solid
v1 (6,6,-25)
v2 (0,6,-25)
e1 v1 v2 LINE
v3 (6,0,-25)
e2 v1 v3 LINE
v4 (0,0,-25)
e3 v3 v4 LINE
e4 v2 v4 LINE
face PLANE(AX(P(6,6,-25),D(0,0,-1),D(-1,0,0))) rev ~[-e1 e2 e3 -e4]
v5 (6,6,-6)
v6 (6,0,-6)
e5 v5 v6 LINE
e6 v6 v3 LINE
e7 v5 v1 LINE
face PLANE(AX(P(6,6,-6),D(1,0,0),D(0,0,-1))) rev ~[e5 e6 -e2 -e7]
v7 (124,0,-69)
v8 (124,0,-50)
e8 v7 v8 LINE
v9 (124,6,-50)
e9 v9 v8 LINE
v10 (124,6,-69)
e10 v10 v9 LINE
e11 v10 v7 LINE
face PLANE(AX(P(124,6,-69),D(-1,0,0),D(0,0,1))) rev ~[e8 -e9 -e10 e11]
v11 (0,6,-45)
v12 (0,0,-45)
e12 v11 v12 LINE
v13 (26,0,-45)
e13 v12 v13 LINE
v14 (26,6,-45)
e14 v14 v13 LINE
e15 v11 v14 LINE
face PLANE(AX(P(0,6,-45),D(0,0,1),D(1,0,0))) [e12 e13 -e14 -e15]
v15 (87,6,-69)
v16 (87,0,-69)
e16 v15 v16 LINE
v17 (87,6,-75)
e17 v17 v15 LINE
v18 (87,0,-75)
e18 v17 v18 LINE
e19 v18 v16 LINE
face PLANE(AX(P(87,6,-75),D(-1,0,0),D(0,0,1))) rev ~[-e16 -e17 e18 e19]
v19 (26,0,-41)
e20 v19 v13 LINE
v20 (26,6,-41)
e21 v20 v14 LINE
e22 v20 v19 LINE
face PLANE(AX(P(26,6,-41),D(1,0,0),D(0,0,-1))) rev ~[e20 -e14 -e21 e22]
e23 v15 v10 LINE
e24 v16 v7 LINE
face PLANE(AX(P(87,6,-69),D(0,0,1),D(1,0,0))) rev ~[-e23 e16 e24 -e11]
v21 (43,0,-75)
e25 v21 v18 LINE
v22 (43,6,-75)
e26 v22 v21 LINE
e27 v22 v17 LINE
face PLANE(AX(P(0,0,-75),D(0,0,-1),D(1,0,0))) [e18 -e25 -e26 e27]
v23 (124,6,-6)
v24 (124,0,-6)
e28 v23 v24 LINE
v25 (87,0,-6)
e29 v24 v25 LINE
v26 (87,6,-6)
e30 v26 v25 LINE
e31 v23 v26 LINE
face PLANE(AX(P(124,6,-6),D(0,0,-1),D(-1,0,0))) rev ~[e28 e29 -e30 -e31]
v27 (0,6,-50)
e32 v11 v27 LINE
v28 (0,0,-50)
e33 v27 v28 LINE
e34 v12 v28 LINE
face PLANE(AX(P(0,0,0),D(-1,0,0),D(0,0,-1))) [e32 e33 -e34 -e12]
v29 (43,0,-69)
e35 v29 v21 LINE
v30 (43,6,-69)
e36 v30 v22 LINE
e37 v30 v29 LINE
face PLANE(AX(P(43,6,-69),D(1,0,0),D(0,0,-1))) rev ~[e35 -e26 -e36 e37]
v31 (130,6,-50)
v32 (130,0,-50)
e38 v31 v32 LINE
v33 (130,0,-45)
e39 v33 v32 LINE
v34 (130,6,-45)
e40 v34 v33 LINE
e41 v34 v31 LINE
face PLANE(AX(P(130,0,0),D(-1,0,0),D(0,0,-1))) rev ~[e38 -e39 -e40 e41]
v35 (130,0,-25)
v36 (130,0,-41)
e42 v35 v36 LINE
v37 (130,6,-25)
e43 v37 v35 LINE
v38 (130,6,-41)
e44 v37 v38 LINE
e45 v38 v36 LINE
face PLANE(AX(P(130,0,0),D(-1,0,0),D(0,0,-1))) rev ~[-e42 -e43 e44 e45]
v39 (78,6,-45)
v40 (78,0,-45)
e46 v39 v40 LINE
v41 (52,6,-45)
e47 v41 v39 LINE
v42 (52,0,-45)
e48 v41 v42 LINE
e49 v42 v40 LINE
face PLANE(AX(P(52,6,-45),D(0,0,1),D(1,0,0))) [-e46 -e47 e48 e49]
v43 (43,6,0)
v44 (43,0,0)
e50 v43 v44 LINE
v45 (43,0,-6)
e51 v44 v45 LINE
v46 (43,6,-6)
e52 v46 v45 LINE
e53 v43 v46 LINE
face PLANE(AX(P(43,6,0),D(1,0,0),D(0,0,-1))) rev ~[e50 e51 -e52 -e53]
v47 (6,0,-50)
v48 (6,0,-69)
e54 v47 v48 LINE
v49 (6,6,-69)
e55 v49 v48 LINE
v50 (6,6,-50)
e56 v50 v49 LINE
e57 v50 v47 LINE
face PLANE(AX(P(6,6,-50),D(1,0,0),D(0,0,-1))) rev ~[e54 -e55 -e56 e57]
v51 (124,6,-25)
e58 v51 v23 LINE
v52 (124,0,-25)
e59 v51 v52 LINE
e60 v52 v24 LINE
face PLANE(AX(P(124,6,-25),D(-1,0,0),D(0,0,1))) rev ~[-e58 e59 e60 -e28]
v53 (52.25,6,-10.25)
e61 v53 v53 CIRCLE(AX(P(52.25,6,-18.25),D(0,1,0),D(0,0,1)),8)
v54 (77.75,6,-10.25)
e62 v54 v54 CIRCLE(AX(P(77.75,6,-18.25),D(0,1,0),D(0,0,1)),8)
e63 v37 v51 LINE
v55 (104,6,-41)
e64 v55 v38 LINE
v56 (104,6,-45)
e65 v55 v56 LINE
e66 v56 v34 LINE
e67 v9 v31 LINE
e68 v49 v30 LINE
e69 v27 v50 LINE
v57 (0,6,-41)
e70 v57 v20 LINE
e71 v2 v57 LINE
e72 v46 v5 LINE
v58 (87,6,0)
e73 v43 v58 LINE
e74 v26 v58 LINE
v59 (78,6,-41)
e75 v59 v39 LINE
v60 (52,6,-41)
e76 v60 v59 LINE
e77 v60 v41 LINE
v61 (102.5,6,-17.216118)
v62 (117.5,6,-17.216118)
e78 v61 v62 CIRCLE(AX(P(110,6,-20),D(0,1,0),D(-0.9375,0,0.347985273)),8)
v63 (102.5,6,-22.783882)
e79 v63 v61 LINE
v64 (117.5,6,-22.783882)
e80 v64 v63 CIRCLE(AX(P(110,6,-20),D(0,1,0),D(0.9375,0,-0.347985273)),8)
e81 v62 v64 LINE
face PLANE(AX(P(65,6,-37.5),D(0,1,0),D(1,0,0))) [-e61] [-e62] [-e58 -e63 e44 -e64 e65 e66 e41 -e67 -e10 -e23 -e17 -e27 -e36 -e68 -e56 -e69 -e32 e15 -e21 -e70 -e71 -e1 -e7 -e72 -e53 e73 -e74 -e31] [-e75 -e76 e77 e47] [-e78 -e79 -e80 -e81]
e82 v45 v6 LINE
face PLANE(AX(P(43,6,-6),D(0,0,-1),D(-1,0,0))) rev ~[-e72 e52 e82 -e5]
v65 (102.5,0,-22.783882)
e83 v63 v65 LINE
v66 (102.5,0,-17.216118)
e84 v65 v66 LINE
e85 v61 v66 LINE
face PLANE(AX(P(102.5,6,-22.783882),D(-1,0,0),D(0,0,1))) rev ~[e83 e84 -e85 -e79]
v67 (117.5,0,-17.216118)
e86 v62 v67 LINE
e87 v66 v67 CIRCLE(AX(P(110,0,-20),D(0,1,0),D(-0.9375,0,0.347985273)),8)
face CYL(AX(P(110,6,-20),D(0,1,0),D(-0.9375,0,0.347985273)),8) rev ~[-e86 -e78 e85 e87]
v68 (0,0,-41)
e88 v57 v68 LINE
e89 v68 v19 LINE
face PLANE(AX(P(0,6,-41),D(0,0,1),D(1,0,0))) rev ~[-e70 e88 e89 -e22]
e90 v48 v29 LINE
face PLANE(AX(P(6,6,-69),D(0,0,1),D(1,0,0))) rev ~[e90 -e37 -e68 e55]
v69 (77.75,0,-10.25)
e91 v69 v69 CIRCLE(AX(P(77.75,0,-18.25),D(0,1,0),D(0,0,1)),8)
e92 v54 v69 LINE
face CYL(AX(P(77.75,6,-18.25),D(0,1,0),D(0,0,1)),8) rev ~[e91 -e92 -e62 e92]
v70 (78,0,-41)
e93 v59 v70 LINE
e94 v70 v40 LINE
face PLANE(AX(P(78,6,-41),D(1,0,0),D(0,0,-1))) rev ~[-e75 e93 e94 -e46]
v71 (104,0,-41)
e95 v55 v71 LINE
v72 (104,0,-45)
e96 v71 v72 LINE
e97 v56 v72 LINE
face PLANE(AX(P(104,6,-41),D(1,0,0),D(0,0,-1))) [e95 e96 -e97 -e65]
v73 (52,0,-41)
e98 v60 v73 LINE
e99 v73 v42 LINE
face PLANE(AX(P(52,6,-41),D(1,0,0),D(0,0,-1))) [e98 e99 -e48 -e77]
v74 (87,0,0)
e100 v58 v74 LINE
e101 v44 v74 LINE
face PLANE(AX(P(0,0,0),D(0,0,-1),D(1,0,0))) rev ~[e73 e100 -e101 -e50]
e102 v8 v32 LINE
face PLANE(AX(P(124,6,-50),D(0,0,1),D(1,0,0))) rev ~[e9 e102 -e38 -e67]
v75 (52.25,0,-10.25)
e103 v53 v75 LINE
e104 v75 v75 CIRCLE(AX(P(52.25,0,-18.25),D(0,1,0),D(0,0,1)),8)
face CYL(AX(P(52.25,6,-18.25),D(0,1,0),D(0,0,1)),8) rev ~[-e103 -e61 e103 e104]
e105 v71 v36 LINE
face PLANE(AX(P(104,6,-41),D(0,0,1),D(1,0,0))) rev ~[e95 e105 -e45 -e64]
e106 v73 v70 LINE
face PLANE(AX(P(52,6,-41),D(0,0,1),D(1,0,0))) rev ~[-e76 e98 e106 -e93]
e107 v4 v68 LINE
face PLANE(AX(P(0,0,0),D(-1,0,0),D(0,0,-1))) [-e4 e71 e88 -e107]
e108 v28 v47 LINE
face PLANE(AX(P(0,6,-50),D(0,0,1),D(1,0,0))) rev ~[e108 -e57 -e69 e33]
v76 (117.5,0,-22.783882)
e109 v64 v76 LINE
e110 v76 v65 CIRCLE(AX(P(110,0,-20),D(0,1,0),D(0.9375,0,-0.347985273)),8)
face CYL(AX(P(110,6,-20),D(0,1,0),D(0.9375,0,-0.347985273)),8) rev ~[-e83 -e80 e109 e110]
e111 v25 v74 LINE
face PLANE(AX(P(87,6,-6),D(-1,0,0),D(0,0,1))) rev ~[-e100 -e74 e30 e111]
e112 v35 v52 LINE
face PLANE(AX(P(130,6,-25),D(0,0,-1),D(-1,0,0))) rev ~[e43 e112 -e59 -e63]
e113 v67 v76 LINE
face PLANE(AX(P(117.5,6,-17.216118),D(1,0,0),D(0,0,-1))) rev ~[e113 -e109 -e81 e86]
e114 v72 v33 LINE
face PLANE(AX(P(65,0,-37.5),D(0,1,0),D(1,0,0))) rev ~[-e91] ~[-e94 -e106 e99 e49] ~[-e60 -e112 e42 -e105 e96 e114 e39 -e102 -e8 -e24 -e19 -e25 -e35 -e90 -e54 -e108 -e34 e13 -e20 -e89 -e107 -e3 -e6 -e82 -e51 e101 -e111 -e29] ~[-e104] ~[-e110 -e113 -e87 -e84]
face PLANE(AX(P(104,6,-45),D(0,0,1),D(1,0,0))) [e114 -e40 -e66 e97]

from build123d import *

# Parameters (mm, degrees)
SKETCH1_W           = 130
SKETCH1_H           = 75
BOSS_EXTRUDE1_DEPTH = 6
SKETCH2_R           = 8
CUT_EXTRUDE1_DEPTH  = 151.203195705
SKETCH3_W           = 26
SKETCH3_H           = 4
CUT_EXTRUDE2_DEPTH  = 151.203195705
CUT_EXTRUDE3_DEPTH  = 151.203195705


with BuildPart() as part:
    # Sketch1 → Boss-Extrude1 (new body)
    with BuildSketch(Plane(origin=(0, 0, 0), x_dir=(1, 0, 0), z_dir=(0, 1, 0))):
        with Locations((65, 37.5)):
            Rectangle(SKETCH1_W, SKETCH1_H)
    extrude(amount=BOSS_EXTRUDE1_DEPTH)

    # Sketch2 → Cut-Extrude1 (cut, through all)
    with BuildSketch(Plane(origin=(0, 6, 0), x_dir=(1, 0, 0), z_dir=(0, 1, 0))):
        with Locations(Location((52.25, 18.25, 0), (0, 0, 270))):
            Circle(SKETCH2_R)
        with Locations(Location((77.75, 18.25, 0), (0, 0, 270))):
            Circle(SKETCH2_R)
    extrude(amount=-CUT_EXTRUDE1_DEPTH, mode=Mode.SUBTRACT)

    # Sketch3 → Cut-Extrude2 (cut, through all)
    with BuildSketch(Plane(origin=(0, 6, 0), x_dir=(1, 0, 0), z_dir=(0, 1, 0))):
        Polygon((0, 75), (0, 50), (6, 50), (6, 69), (43, 69), (43, 75), align=None)
        Polygon((87, 75), (87, 69), (124, 69), (124, 50), (130, 50), (130, 75), align=None)
        with Locations((13, 43)):
            Rectangle(SKETCH3_W, SKETCH3_H)
        Polygon((6, 25), (0, 25), (0, 0), (43, 0), (43, 6), (6, 6), align=None)
        with Locations((65, 43)):
            Rectangle(SKETCH3_W, SKETCH3_H)
        with Locations((117, 43)):
            Rectangle(SKETCH3_W, SKETCH3_H)
        Polygon((130, 25), (124, 25), (124, 6), (87, 6), (87, 0), (130, 0), align=None)
    extrude(amount=-CUT_EXTRUDE2_DEPTH, mode=Mode.SUBTRACT)

    # Sketch4 → Cut-Extrude3 (cut, through all)
    with BuildSketch(Plane(origin=(0, 6, 0), x_dir=(1, 0, 0), z_dir=(0, 1, 0))):
        with BuildLine():
            Line((102.5, 22.783882181), (102.5, 17.216117819))
            ThreePointArc((102.5, 17.216117819), (110, 12), (117.5, 17.216117819))
            Line((117.5, 17.216117819), (117.5, 22.783882181))
            ThreePointArc((117.5, 22.783882181), (110, 28), (102.5, 22.783882181))
        make_face()
    extrude(amount=-CUT_EXTRUDE3_DEPTH, mode=Mode.SUBTRACT)


solid = part.part
